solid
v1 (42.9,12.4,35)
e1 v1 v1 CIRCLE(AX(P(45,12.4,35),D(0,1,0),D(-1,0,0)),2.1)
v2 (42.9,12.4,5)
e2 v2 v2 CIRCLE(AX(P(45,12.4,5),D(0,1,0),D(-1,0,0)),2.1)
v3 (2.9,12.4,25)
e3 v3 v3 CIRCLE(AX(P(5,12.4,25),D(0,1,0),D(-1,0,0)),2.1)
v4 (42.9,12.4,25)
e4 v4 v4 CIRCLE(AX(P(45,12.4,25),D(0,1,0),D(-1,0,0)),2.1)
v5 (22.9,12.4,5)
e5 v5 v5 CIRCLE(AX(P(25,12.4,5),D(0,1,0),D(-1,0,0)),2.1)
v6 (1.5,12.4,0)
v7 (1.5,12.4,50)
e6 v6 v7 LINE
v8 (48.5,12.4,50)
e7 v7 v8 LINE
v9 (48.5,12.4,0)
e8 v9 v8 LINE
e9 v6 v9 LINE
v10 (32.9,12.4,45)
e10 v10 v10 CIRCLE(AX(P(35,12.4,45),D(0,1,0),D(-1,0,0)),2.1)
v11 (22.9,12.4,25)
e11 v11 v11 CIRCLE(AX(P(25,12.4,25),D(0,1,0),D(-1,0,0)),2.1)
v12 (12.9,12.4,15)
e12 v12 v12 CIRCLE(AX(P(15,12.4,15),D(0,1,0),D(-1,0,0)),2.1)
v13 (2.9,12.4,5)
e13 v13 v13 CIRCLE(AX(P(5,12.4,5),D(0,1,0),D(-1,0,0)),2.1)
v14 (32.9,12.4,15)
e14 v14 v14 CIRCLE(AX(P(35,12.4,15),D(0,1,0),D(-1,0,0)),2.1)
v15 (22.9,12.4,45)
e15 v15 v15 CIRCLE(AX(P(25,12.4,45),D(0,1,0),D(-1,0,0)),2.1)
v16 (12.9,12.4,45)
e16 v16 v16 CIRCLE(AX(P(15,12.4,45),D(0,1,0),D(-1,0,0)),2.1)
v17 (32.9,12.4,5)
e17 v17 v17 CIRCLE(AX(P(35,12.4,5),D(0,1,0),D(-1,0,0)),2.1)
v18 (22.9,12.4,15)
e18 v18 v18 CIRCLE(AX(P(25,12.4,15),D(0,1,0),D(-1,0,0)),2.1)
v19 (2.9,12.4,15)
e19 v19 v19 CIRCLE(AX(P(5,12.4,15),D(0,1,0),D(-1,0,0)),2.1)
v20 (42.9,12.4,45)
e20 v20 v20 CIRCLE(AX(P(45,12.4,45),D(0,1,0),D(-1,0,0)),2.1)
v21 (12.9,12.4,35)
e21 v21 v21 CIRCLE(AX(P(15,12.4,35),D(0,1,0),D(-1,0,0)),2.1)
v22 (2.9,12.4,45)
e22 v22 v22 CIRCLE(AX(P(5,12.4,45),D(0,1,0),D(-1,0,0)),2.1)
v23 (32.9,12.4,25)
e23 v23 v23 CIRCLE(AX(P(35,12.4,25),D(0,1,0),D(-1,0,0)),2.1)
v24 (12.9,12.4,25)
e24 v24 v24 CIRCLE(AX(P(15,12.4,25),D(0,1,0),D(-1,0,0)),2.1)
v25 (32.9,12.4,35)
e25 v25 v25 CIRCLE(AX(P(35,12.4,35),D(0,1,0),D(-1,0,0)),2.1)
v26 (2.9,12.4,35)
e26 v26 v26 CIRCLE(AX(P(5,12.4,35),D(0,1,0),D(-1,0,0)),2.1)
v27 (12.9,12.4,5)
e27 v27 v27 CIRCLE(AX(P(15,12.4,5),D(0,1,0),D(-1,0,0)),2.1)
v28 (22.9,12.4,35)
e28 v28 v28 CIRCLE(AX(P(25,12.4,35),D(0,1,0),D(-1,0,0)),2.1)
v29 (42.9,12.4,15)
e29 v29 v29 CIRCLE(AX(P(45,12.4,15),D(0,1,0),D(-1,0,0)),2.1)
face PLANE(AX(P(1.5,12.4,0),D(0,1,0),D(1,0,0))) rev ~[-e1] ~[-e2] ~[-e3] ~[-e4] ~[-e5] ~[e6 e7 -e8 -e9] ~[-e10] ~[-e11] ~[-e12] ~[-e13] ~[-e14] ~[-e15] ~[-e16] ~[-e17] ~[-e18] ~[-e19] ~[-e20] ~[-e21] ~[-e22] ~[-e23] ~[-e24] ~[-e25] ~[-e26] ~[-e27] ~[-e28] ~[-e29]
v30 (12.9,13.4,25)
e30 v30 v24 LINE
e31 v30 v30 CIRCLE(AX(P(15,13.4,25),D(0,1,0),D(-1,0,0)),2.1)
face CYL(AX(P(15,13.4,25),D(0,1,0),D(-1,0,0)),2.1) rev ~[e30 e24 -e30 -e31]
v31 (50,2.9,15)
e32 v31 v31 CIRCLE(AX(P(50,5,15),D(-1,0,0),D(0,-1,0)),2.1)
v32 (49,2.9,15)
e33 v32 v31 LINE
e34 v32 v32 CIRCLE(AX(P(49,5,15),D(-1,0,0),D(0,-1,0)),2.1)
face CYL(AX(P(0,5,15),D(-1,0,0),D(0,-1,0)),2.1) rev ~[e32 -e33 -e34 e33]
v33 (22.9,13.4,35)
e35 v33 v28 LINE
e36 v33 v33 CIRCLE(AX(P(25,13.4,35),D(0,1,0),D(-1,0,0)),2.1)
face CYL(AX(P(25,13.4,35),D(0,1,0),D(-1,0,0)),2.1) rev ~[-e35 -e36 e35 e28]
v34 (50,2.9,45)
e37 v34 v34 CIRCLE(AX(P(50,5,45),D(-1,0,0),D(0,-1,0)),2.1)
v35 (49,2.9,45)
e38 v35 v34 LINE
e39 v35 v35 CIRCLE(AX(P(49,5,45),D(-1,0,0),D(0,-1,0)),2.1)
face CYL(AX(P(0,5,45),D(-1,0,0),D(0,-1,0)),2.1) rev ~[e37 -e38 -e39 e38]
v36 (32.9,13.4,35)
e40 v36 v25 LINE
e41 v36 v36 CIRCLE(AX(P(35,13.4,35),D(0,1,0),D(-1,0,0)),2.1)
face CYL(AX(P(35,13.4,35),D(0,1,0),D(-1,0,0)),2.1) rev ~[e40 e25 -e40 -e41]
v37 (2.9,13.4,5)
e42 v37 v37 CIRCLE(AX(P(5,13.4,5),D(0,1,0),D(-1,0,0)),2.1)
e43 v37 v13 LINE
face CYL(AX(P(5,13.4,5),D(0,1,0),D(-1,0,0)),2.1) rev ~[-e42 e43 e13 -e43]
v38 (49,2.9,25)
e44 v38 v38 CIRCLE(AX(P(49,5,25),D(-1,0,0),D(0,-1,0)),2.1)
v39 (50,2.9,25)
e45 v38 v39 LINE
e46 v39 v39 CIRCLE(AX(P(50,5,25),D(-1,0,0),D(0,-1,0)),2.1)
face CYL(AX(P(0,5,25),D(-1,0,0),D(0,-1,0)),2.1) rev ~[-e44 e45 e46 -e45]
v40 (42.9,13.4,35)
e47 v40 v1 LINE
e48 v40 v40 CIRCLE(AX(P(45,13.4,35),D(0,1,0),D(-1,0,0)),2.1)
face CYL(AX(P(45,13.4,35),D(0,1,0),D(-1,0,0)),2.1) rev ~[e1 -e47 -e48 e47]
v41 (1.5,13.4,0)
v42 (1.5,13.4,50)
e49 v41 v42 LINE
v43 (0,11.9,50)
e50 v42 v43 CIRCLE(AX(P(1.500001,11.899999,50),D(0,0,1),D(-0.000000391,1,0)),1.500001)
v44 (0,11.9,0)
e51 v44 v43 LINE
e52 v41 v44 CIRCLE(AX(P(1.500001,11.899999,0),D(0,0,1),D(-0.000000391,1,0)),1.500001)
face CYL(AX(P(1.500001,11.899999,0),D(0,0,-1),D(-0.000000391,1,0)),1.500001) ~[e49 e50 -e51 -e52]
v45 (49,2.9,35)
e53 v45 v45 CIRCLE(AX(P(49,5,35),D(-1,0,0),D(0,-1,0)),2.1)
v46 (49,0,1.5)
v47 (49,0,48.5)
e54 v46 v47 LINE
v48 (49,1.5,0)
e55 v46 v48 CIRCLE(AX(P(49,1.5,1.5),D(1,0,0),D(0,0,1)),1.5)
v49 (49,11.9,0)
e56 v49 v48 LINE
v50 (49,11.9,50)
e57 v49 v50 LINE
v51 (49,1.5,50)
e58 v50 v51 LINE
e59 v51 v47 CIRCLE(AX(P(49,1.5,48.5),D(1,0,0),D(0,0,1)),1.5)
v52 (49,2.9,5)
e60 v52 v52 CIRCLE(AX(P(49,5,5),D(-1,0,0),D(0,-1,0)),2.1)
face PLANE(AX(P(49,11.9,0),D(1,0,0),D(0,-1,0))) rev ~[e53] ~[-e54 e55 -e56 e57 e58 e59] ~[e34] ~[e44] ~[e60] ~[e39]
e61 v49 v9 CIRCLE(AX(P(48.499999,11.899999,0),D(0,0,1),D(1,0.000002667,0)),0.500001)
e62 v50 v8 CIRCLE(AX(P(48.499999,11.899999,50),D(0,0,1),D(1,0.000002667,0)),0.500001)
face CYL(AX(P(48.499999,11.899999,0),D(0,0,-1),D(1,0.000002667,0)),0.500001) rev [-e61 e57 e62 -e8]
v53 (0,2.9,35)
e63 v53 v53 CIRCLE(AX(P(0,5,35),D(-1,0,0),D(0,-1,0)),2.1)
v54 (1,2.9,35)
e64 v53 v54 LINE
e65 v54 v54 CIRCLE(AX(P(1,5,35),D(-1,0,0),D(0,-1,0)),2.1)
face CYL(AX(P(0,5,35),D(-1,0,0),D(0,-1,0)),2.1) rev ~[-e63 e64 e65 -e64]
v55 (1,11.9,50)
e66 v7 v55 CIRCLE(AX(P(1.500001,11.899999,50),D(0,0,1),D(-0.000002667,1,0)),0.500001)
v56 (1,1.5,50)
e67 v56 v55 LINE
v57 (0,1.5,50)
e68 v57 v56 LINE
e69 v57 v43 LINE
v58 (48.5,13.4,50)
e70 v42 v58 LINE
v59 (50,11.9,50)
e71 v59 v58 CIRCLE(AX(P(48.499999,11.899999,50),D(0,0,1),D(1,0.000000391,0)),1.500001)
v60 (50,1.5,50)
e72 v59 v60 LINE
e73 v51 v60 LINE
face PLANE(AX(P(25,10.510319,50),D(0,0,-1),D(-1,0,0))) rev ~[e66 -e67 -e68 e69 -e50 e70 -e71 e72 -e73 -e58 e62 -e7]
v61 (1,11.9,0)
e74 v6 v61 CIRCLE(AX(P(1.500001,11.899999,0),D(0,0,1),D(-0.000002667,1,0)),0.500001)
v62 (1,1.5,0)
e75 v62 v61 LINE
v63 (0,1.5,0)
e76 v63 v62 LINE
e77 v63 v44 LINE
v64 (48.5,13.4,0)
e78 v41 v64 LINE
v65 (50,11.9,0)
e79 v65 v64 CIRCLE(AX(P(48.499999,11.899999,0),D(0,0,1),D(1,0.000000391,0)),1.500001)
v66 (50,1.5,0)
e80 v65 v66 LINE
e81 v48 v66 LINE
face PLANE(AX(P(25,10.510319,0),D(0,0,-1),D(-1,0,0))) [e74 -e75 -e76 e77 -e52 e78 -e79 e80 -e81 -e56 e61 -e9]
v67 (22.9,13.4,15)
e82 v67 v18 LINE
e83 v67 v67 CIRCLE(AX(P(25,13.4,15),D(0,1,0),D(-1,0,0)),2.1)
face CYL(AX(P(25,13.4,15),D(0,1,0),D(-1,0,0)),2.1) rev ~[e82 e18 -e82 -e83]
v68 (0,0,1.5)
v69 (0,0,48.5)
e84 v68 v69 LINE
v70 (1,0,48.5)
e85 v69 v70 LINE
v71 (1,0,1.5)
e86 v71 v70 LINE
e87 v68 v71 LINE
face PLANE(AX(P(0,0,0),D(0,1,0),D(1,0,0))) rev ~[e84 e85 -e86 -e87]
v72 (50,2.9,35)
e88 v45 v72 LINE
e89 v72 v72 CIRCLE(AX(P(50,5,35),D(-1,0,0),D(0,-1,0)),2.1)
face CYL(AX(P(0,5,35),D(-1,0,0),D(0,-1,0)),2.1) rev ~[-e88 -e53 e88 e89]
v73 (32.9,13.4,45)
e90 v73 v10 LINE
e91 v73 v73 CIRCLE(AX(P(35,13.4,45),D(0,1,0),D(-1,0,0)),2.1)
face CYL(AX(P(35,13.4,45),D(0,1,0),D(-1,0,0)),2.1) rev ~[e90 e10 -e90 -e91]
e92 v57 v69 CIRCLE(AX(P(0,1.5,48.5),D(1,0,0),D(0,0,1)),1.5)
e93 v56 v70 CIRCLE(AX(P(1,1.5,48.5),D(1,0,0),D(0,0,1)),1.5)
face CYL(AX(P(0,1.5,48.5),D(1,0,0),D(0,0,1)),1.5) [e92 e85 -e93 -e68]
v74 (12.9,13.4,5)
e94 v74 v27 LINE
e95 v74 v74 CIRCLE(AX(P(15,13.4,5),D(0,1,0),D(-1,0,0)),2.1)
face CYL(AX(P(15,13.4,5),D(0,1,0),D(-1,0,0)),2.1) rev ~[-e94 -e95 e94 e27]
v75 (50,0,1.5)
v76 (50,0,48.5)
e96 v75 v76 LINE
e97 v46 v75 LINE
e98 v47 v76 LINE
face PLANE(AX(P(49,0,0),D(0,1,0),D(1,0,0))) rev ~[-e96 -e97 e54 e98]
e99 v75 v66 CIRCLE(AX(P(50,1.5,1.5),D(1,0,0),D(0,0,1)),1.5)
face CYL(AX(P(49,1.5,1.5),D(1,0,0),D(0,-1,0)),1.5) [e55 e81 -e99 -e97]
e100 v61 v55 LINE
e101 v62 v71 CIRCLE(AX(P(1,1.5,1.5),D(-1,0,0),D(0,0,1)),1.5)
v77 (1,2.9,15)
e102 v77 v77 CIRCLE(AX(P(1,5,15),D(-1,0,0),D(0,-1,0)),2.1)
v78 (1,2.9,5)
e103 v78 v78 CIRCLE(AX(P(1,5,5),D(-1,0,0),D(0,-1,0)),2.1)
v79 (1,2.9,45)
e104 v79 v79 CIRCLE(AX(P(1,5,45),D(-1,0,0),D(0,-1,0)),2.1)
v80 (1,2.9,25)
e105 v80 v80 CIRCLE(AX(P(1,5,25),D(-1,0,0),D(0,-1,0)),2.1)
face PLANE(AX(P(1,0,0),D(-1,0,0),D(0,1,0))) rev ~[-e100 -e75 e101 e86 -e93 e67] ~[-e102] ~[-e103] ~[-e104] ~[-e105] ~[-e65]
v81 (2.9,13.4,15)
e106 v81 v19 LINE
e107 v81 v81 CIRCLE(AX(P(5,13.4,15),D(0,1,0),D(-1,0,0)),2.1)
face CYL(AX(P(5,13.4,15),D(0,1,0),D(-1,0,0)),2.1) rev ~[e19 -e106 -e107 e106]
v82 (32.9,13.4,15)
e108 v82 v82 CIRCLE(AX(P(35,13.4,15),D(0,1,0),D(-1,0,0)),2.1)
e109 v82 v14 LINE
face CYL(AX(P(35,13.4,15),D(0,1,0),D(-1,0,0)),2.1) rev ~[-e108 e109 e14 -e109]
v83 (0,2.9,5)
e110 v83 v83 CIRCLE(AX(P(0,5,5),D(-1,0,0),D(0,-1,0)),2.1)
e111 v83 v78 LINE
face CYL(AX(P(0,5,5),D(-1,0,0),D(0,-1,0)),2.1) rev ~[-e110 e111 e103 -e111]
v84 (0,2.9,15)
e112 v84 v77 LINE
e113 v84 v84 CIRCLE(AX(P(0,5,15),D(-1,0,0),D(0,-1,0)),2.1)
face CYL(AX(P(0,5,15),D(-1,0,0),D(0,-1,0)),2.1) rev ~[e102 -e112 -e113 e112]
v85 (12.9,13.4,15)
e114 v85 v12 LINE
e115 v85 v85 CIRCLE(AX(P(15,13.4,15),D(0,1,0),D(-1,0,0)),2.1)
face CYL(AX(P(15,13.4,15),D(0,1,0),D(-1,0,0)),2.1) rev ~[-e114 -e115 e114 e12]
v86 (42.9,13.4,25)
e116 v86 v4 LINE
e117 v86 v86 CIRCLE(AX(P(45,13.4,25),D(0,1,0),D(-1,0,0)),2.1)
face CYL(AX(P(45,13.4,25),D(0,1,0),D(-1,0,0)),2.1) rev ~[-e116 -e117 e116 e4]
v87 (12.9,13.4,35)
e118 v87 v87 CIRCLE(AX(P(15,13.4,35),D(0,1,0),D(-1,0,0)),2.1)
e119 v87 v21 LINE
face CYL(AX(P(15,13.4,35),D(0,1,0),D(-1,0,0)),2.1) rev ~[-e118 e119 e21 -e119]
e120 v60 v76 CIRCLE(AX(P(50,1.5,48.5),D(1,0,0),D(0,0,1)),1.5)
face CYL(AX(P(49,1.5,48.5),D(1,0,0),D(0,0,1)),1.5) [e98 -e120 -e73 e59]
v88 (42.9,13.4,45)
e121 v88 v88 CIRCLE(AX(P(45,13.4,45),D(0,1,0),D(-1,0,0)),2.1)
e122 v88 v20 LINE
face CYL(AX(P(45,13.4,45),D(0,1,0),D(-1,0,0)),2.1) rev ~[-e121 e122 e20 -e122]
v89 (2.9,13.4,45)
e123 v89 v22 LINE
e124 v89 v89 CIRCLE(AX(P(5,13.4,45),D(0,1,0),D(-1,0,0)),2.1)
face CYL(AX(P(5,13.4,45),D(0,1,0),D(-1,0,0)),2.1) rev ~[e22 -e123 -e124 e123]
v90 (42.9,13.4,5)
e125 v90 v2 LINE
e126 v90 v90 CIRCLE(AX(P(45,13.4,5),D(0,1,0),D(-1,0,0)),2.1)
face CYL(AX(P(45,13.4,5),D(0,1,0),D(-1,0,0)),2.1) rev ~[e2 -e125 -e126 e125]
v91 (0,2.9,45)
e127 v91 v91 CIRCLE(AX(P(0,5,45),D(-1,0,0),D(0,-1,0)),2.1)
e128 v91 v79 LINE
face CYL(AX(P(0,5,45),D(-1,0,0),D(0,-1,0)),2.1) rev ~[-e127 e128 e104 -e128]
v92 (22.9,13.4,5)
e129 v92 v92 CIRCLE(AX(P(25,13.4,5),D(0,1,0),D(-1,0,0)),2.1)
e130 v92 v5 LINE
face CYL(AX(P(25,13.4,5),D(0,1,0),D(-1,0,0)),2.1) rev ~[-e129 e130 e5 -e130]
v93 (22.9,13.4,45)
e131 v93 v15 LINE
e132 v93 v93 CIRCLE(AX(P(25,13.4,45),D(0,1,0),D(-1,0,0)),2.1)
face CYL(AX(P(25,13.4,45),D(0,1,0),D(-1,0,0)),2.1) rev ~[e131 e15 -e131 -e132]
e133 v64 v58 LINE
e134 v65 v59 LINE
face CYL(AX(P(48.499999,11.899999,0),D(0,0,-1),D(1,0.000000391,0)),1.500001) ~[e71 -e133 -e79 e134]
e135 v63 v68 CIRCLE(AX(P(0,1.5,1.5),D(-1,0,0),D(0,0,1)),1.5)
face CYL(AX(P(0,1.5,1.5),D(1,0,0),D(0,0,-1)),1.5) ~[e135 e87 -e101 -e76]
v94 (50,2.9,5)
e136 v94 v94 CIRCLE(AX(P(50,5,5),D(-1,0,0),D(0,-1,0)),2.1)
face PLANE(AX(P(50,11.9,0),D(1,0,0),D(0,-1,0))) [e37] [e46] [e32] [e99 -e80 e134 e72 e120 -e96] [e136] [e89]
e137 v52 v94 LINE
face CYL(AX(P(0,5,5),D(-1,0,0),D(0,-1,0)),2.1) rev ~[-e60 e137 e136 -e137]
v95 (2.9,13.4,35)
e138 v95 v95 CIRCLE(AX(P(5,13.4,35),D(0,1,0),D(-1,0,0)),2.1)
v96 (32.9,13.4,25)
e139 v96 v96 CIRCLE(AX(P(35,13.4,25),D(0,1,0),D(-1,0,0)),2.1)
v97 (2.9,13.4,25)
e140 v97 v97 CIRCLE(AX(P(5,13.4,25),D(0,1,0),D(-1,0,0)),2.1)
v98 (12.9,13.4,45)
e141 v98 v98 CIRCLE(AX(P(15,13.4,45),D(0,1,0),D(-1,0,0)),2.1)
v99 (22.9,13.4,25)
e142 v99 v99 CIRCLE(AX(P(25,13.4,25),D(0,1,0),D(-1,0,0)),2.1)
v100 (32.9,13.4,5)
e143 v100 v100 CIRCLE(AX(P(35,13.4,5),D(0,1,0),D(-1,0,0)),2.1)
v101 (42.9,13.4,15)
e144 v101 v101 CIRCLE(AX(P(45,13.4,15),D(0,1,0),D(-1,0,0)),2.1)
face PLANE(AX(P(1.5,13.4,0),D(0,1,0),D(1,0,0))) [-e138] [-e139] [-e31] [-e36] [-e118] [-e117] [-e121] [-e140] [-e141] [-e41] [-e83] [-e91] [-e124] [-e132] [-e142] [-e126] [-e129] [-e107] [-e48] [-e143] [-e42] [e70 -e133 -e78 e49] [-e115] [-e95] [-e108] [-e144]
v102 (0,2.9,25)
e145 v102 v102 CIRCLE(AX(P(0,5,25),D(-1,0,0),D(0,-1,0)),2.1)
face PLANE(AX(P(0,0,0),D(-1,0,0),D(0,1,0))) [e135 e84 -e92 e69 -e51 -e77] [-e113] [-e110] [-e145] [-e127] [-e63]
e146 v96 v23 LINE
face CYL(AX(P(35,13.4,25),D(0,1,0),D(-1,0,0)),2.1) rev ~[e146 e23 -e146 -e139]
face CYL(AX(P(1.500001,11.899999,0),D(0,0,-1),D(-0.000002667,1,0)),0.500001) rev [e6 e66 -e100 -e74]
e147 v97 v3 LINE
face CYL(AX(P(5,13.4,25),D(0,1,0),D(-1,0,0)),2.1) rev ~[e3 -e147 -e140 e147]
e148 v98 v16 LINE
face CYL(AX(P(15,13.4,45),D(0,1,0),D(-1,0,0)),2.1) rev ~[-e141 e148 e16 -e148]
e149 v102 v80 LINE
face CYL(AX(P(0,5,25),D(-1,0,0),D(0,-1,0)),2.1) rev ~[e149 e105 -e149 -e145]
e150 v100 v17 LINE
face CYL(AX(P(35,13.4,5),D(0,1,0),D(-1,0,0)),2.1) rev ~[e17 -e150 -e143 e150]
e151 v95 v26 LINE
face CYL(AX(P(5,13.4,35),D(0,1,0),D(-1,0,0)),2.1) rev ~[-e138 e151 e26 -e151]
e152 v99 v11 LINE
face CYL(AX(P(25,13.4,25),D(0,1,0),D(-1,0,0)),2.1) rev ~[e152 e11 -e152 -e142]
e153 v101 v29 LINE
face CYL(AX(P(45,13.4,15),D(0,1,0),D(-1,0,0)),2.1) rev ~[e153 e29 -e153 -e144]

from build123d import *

# Parameters (mm, degrees)
PAD_DEPTH       = 50
FILLET_R        = 1.5
FILLET001_R     = 1.5
FILLET002_R     = 1.5
FILLET003_R     = 1.5
SKETCH001_R     = 2.1
POCKET_DEPTH    = 50.001
SKETCH002_R     = 2.1
POCKET001_DEPTH = 13.401


with BuildPart() as part:
    # Sketch → Pad (new body)
    with BuildSketch(Plane.XY):
        with BuildLine():
            Line((0, 0), (0, 11.9))
            ThreePointArc((1.5, 13.4), (0.43934, 12.96066), (0, 11.9))
            Line((1.5, 13.4), (48.5, 13.4))
            ThreePointArc((50, 11.9), (49.56066, 12.96066), (48.5, 13.4))
            Line((50, 11.9), (50, 0))
            Line((49, 0), (50, 0))
            Line((49, 11.9), (49, 0))
            ThreePointArc((49, 11.9), (48.853553, 12.253553), (48.5, 12.4))
            Line((1.5, 12.4), (48.5, 12.4))
            ThreePointArc((1.5, 12.4), (1.146447, 12.253553), (1, 11.9))
            Line((1, 0), (1, 11.9))
            Line((0, 0), (1, 0))
        make_face()
    extrude(amount=PAD_DEPTH)

    # Fillet
    fillet_edges = [part.edges().sort_by_distance(p)[0] for p in [
        (49.5, 0, 0),
    ]]
    fillet(fillet_edges, radius=FILLET_R)

    # Fillet001
    fillet001_edges = [part.edges().sort_by_distance(p)[0] for p in [
        (0.5, 0, 0),
    ]]
    fillet(fillet001_edges, radius=FILLET001_R)

    # Fillet002
    fillet002_edges = [part.edges().sort_by_distance(p)[0] for p in [
        (49.5, 0, 50),
    ]]
    fillet(fillet002_edges, radius=FILLET002_R)

    # Fillet003
    fillet003_edges = [part.edges().sort_by_distance(p)[0] for p in [
        (0.5, 0, 50),
    ]]
    fillet(fillet003_edges, radius=FILLET003_R)

    # Sketch001 → Pocket (cut, through all)
    with BuildSketch(Plane(origin=(0, 0, 0), x_dir=(0, -1, 0), z_dir=(-1, 0, 0))):
        with Locations((-5, 5)):
            Circle(SKETCH001_R)
        with Locations((-5, 15)):
            Circle(SKETCH001_R)
        with Locations((-5, 25)):
            Circle(SKETCH001_R)
        with Locations((-5, 35)):
            Circle(SKETCH001_R)
        with Locations((-5, 45)):
            Circle(SKETCH001_R)
    extrude(amount=-POCKET_DEPTH, mode=Mode.SUBTRACT)

    # Sketch002 → Pocket001 (cut, through all)
    with BuildSketch(Plane(origin=(0, 13.4, 0), x_dir=(-1, 0, 0), z_dir=(0, 1, 0))):
        with Locations((-5, 5)):
            Circle(SKETCH002_R)
        with Locations((-5, 15)):
            Circle(SKETCH002_R)
        with Locations((-5, 25)):
            Circle(SKETCH002_R)
        with Locations((-5, 35)):
            Circle(SKETCH002_R)
        with Locations((-5, 45)):
            Circle(SKETCH002_R)
        with Locations((-15, 45)):
            Circle(SKETCH002_R)
        with Locations((-25, 45)):
            Circle(SKETCH002_R)
        with Locations((-35, 45)):
            Circle(SKETCH002_R)
        with Locations((-45, 45)):
            Circle(SKETCH002_R)
        with Locations((-15, 35)):
            Circle(SKETCH002_R)
        with Locations((-25, 35)):
            Circle(SKETCH002_R)
        with Locations((-35, 35)):
            Circle(SKETCH002_R)
        with Locations((-45, 35)):
            Circle(SKETCH002_R)
        with Locations((-15, 25)):
            Circle(SKETCH002_R)
        with Locations((-25, 25)):
            Circle(SKETCH002_R)
        with Locations((-35, 25)):
            Circle(SKETCH002_R)
        with Locations((-45, 25)):
            Circle(SKETCH002_R)
        with Locations((-15, 15)):
            Circle(SKETCH002_R)
        with Locations((-25, 15)):
            Circle(SKETCH002_R)
        with Locations((-35, 15)):
            Circle(SKETCH002_R)
        with Locations((-45, 15)):
            Circle(SKETCH002_R)
        with Locations((-15, 5)):
            Circle(SKETCH002_R)
        with Locations((-25, 5)):
            Circle(SKETCH002_R)
        with Locations((-35, 5)):
            Circle(SKETCH002_R)
        with Locations((-45, 5)):
            Circle(SKETCH002_R)
    extrude(amount=-POCKET001_DEPTH, mode=Mode.SUBTRACT)


solid = part.part
